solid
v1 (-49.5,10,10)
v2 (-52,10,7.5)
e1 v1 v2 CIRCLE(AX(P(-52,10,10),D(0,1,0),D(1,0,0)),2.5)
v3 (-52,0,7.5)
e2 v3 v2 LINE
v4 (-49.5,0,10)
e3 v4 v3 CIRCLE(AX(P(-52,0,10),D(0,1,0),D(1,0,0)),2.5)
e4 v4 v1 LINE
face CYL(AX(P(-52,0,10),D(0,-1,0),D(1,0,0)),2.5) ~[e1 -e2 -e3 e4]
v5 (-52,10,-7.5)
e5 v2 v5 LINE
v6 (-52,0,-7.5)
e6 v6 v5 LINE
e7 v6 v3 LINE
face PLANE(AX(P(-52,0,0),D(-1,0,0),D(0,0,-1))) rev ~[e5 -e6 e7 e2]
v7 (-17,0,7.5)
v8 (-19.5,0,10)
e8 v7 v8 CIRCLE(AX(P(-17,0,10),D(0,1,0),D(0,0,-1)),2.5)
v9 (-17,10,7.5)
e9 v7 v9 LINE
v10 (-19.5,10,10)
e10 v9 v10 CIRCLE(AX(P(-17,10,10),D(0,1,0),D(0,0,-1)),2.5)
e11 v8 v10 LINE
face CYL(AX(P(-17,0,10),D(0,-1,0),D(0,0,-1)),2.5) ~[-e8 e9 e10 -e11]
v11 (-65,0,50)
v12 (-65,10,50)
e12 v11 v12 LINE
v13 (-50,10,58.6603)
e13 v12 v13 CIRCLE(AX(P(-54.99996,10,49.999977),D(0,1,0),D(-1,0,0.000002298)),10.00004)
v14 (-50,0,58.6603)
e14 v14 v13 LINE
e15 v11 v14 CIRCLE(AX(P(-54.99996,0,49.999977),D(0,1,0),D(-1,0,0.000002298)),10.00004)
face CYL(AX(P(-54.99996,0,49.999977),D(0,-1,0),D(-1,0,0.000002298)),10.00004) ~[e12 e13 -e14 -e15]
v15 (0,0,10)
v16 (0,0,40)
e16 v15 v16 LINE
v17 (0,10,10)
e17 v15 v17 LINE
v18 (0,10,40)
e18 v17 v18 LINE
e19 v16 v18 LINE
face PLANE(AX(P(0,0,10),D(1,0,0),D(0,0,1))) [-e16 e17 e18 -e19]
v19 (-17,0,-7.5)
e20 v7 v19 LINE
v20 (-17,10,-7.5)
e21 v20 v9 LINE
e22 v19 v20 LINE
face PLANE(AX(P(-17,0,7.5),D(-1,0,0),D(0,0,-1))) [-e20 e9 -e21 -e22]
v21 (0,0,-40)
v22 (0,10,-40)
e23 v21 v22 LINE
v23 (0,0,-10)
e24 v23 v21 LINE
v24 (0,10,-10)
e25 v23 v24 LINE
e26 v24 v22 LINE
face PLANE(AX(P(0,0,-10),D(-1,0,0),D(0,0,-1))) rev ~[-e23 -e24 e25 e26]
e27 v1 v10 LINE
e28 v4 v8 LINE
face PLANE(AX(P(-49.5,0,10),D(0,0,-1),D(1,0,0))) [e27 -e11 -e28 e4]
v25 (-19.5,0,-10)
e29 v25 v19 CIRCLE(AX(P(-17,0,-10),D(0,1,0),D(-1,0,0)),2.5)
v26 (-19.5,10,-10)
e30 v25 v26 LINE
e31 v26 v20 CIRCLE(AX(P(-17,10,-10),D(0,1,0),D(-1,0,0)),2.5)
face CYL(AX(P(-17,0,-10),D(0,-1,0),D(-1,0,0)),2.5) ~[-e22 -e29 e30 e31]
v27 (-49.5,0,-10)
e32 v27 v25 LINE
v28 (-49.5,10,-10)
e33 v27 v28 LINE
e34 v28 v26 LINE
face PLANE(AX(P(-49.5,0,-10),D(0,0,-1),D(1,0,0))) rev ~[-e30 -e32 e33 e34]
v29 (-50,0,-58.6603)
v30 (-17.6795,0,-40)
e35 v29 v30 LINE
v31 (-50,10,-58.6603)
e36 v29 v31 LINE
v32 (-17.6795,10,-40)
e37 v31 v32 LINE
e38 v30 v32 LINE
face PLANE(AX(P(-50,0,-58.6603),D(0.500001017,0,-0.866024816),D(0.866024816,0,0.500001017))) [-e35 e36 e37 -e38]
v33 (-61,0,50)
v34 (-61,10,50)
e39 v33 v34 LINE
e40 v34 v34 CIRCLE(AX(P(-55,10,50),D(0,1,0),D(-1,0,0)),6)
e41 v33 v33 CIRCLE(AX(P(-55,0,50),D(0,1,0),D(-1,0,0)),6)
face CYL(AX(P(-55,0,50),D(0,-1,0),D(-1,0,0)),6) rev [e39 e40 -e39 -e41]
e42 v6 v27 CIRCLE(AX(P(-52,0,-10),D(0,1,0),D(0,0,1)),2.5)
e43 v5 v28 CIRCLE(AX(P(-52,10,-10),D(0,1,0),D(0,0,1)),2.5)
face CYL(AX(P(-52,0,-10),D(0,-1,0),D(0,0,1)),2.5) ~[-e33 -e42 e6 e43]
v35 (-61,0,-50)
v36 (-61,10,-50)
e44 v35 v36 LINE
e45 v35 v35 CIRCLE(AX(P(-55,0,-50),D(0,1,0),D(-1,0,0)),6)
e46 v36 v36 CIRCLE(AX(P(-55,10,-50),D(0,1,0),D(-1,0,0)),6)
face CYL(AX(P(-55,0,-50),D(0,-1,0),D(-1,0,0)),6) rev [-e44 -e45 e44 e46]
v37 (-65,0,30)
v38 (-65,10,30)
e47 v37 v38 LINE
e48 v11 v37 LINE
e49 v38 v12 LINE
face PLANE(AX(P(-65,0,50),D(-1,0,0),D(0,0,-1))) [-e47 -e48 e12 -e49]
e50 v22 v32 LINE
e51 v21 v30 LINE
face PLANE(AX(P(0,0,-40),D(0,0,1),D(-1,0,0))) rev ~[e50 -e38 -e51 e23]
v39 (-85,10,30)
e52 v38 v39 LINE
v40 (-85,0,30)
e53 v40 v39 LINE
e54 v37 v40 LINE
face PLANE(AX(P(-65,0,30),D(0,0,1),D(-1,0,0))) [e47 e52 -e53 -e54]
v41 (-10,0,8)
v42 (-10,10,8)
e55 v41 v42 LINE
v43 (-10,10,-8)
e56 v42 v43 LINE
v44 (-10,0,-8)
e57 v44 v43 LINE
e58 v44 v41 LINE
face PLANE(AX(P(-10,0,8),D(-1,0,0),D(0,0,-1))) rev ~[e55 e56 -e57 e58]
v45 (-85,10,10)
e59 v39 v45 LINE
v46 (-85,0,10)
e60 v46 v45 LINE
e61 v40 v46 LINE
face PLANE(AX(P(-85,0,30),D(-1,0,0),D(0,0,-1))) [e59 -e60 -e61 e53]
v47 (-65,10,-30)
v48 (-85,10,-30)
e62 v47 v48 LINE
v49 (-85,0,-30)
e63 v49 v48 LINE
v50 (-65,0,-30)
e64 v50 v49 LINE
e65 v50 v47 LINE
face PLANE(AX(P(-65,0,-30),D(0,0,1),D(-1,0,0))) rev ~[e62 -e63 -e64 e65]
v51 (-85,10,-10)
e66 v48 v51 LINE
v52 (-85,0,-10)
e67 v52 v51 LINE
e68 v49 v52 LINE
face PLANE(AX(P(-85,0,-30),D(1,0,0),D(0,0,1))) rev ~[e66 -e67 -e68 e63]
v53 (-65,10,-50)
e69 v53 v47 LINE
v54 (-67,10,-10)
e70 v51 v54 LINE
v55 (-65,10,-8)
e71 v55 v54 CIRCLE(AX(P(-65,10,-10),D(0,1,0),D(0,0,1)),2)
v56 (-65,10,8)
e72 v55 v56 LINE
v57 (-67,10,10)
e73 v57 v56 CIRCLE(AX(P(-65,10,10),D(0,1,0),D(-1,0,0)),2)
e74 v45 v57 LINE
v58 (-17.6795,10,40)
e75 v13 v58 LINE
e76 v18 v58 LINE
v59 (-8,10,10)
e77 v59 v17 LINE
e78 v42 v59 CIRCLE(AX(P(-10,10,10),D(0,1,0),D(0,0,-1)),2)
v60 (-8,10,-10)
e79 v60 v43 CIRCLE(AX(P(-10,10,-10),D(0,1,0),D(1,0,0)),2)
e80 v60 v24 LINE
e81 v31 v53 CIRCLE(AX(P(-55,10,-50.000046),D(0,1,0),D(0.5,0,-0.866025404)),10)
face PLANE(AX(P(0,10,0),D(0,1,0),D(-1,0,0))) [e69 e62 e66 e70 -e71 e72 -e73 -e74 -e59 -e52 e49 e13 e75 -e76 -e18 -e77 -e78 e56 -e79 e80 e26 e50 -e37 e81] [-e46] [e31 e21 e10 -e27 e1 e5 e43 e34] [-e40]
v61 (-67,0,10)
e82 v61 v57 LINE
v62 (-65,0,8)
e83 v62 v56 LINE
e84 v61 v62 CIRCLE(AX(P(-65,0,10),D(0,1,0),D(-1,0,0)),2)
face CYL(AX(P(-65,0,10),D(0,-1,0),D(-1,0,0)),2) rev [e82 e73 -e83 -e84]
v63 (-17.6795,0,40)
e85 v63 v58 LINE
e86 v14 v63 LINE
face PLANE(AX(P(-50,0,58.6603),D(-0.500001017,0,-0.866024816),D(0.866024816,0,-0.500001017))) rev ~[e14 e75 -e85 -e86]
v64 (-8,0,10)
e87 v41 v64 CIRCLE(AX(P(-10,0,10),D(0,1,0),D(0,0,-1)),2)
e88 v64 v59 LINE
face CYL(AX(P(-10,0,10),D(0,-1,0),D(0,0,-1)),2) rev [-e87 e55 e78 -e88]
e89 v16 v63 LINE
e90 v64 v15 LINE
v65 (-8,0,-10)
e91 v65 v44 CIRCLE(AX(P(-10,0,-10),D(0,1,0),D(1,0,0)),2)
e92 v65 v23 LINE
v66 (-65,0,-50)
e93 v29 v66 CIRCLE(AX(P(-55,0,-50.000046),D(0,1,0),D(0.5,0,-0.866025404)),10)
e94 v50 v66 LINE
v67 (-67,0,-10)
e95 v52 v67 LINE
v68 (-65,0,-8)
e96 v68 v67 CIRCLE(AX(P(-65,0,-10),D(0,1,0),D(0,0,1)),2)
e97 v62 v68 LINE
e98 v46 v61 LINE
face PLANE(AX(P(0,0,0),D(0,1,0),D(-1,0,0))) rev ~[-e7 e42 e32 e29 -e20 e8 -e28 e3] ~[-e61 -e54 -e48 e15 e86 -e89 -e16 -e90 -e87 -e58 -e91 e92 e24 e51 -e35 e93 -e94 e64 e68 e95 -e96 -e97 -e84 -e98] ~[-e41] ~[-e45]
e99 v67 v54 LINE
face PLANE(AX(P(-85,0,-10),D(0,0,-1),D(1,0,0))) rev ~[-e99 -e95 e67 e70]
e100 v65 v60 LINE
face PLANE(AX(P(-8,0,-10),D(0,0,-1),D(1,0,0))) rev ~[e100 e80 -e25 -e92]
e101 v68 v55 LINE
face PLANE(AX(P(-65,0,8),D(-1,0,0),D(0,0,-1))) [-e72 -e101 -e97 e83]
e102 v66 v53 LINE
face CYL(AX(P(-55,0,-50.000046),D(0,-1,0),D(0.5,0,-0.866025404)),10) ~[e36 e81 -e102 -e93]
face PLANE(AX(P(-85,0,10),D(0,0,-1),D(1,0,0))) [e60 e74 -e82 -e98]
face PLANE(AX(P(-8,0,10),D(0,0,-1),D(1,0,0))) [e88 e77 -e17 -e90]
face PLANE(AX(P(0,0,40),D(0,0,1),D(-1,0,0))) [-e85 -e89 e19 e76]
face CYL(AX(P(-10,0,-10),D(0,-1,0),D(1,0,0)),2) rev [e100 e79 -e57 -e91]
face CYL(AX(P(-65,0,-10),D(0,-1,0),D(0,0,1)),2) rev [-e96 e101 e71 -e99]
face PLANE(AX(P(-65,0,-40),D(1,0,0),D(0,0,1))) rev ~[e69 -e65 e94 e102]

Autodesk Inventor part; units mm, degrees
ref_plane "YZ Plane" through (0, 0, 0) normal (1, 0, 0) x (0, 1, 0)
ref_plane "XZ Plane" through (0, 0, 0) normal (0, 1, 0) x (-1, 0, 0)
ref_plane "XY Plane" through (0, 0, 0) normal (0, 0, 1) x (1, 0, 0)
sketch "Sketch1" plane through (0, 0, 0) normal (0, 1, 0) x (-1, 0, 0)
  line L0 (8, 10) -> (0, 10)
  line L1 (0, 10) -> (0, 40)
  line L2 (0, 40) -> (17.6795, 40)
  arc A0 (65, 50) -> (50, 58.6603) centre (55, 50) ccw
  line L3 (65, 50) -> (65, 40)
  line L4 (61.5, 0) -> (66, 0)
  line L5 (65, 40) -> (65, 30)
  line L6 (65, 30) -> (85, 30)
  line L7 (85, 30) -> (85, 0)
  line L8 (10, 8) -> (10, 0)
  line L9 (50, 58.6603) -> (17.6795, 40)
  circle A1 centre (55, 50) radius 6
  line L10 (85, 10) -> (65, 10)
  line L11 (65, 8) -> (65, 0)
  line L12 (85, 0) -> (85, 10)
  line L13 (52, 10) -> (17, 10)
  line L14 (17, 10) -> (17, 0)
  line L15 (17, 0) -> (52, 0)
  line L16 (52, 0) -> (52, 10)
  arc A2 (67, 10) -> (65, 8) centre (65, 10) ccw
  arc A3 (49.5, 10) -> (52, 7.5) centre (52, 10) ccw
  arc A4 (17, 7.5) -> (19.5, 10) centre (17, 10) ccw
  arc A5 (10, 8) -> (8, 10) centre (10, 10) ccw
  line L17 (8, -10) -> (0, -10)
  line L18 (0, -10) -> (0, -40)
  line L19 (0, -40) -> (17.6795, -40)
  arc A6 (50, -58.6603) -> (65, -50) centre (55, -50) ccw
  line L20 (65, -50) -> (65, -40)
  line L21 (65, -40) -> (65, -30)
  line L22 (65, -30) -> (85, -30)
  line L23 (85, -30) -> (85, 0)
  line L24 (10, -8) -> (10, 0)
  line L25 (50, -58.6603) -> (17.6795, -40)
  circle A7 centre (55, -50) radius 6
  line L26 (85, -10) -> (65, -10)
  line L27 (65, -8) -> (65, 0)
  line L28 (85, 0) -> (85, -10)
  line L29 (52, -10) -> (17, -10)
  line L30 (17, -10) -> (17, 0)
  line L31 (52, 0) -> (52, -10)
  arc A8 (65, -8) -> (67, -10) centre (65, -10) ccw
  arc A9 (52, -7.5) -> (49.5, -10) centre (52, -10) ccw
  arc A10 (19.5, -10) -> (17, -7.5) centre (17, -10) ccw
  arc A11 (8, -10) -> (10, -8) centre (10, -10) ccw
  point P0 (0, 0)
  dimension "d4" = 10
  dimension "d5" = 40
  dimension "d6" = 50
  dimension "d7" = 20
  dimension "d8" = 65
  dimension "d9" = 85
  dimension "d10" = 30
  dimension "d11" = 10
  dimension "d12" = 30
  dimension "d13" = 12
  dimension "d14" = 20
  dimension "d15" = 85
  dimension "d17" = 20
  dimension "d18" = 65
  dimension "d19" = 10
  dimension "d20" = 13
  dimension "d21" = 35
  dimension "d22" = 4
  dimension "d23" = 5
  dimension "d24" = 5
  dimension "d25" = 4
extrude "Extrusion1" add sketch "Sketch1" along normal blind 10 contours L0 L1 L2 L9 A0 L3 L5 L6 L7 L10 A2 L11 L27 A8 L26 L23 L22 L21 L20 A6 L25 L19 L18 L17 A11 L24 L8 A5 | L16 A3 L13 | A4 L14 L13 | L31 L29 A9 | A10 L29 L30
